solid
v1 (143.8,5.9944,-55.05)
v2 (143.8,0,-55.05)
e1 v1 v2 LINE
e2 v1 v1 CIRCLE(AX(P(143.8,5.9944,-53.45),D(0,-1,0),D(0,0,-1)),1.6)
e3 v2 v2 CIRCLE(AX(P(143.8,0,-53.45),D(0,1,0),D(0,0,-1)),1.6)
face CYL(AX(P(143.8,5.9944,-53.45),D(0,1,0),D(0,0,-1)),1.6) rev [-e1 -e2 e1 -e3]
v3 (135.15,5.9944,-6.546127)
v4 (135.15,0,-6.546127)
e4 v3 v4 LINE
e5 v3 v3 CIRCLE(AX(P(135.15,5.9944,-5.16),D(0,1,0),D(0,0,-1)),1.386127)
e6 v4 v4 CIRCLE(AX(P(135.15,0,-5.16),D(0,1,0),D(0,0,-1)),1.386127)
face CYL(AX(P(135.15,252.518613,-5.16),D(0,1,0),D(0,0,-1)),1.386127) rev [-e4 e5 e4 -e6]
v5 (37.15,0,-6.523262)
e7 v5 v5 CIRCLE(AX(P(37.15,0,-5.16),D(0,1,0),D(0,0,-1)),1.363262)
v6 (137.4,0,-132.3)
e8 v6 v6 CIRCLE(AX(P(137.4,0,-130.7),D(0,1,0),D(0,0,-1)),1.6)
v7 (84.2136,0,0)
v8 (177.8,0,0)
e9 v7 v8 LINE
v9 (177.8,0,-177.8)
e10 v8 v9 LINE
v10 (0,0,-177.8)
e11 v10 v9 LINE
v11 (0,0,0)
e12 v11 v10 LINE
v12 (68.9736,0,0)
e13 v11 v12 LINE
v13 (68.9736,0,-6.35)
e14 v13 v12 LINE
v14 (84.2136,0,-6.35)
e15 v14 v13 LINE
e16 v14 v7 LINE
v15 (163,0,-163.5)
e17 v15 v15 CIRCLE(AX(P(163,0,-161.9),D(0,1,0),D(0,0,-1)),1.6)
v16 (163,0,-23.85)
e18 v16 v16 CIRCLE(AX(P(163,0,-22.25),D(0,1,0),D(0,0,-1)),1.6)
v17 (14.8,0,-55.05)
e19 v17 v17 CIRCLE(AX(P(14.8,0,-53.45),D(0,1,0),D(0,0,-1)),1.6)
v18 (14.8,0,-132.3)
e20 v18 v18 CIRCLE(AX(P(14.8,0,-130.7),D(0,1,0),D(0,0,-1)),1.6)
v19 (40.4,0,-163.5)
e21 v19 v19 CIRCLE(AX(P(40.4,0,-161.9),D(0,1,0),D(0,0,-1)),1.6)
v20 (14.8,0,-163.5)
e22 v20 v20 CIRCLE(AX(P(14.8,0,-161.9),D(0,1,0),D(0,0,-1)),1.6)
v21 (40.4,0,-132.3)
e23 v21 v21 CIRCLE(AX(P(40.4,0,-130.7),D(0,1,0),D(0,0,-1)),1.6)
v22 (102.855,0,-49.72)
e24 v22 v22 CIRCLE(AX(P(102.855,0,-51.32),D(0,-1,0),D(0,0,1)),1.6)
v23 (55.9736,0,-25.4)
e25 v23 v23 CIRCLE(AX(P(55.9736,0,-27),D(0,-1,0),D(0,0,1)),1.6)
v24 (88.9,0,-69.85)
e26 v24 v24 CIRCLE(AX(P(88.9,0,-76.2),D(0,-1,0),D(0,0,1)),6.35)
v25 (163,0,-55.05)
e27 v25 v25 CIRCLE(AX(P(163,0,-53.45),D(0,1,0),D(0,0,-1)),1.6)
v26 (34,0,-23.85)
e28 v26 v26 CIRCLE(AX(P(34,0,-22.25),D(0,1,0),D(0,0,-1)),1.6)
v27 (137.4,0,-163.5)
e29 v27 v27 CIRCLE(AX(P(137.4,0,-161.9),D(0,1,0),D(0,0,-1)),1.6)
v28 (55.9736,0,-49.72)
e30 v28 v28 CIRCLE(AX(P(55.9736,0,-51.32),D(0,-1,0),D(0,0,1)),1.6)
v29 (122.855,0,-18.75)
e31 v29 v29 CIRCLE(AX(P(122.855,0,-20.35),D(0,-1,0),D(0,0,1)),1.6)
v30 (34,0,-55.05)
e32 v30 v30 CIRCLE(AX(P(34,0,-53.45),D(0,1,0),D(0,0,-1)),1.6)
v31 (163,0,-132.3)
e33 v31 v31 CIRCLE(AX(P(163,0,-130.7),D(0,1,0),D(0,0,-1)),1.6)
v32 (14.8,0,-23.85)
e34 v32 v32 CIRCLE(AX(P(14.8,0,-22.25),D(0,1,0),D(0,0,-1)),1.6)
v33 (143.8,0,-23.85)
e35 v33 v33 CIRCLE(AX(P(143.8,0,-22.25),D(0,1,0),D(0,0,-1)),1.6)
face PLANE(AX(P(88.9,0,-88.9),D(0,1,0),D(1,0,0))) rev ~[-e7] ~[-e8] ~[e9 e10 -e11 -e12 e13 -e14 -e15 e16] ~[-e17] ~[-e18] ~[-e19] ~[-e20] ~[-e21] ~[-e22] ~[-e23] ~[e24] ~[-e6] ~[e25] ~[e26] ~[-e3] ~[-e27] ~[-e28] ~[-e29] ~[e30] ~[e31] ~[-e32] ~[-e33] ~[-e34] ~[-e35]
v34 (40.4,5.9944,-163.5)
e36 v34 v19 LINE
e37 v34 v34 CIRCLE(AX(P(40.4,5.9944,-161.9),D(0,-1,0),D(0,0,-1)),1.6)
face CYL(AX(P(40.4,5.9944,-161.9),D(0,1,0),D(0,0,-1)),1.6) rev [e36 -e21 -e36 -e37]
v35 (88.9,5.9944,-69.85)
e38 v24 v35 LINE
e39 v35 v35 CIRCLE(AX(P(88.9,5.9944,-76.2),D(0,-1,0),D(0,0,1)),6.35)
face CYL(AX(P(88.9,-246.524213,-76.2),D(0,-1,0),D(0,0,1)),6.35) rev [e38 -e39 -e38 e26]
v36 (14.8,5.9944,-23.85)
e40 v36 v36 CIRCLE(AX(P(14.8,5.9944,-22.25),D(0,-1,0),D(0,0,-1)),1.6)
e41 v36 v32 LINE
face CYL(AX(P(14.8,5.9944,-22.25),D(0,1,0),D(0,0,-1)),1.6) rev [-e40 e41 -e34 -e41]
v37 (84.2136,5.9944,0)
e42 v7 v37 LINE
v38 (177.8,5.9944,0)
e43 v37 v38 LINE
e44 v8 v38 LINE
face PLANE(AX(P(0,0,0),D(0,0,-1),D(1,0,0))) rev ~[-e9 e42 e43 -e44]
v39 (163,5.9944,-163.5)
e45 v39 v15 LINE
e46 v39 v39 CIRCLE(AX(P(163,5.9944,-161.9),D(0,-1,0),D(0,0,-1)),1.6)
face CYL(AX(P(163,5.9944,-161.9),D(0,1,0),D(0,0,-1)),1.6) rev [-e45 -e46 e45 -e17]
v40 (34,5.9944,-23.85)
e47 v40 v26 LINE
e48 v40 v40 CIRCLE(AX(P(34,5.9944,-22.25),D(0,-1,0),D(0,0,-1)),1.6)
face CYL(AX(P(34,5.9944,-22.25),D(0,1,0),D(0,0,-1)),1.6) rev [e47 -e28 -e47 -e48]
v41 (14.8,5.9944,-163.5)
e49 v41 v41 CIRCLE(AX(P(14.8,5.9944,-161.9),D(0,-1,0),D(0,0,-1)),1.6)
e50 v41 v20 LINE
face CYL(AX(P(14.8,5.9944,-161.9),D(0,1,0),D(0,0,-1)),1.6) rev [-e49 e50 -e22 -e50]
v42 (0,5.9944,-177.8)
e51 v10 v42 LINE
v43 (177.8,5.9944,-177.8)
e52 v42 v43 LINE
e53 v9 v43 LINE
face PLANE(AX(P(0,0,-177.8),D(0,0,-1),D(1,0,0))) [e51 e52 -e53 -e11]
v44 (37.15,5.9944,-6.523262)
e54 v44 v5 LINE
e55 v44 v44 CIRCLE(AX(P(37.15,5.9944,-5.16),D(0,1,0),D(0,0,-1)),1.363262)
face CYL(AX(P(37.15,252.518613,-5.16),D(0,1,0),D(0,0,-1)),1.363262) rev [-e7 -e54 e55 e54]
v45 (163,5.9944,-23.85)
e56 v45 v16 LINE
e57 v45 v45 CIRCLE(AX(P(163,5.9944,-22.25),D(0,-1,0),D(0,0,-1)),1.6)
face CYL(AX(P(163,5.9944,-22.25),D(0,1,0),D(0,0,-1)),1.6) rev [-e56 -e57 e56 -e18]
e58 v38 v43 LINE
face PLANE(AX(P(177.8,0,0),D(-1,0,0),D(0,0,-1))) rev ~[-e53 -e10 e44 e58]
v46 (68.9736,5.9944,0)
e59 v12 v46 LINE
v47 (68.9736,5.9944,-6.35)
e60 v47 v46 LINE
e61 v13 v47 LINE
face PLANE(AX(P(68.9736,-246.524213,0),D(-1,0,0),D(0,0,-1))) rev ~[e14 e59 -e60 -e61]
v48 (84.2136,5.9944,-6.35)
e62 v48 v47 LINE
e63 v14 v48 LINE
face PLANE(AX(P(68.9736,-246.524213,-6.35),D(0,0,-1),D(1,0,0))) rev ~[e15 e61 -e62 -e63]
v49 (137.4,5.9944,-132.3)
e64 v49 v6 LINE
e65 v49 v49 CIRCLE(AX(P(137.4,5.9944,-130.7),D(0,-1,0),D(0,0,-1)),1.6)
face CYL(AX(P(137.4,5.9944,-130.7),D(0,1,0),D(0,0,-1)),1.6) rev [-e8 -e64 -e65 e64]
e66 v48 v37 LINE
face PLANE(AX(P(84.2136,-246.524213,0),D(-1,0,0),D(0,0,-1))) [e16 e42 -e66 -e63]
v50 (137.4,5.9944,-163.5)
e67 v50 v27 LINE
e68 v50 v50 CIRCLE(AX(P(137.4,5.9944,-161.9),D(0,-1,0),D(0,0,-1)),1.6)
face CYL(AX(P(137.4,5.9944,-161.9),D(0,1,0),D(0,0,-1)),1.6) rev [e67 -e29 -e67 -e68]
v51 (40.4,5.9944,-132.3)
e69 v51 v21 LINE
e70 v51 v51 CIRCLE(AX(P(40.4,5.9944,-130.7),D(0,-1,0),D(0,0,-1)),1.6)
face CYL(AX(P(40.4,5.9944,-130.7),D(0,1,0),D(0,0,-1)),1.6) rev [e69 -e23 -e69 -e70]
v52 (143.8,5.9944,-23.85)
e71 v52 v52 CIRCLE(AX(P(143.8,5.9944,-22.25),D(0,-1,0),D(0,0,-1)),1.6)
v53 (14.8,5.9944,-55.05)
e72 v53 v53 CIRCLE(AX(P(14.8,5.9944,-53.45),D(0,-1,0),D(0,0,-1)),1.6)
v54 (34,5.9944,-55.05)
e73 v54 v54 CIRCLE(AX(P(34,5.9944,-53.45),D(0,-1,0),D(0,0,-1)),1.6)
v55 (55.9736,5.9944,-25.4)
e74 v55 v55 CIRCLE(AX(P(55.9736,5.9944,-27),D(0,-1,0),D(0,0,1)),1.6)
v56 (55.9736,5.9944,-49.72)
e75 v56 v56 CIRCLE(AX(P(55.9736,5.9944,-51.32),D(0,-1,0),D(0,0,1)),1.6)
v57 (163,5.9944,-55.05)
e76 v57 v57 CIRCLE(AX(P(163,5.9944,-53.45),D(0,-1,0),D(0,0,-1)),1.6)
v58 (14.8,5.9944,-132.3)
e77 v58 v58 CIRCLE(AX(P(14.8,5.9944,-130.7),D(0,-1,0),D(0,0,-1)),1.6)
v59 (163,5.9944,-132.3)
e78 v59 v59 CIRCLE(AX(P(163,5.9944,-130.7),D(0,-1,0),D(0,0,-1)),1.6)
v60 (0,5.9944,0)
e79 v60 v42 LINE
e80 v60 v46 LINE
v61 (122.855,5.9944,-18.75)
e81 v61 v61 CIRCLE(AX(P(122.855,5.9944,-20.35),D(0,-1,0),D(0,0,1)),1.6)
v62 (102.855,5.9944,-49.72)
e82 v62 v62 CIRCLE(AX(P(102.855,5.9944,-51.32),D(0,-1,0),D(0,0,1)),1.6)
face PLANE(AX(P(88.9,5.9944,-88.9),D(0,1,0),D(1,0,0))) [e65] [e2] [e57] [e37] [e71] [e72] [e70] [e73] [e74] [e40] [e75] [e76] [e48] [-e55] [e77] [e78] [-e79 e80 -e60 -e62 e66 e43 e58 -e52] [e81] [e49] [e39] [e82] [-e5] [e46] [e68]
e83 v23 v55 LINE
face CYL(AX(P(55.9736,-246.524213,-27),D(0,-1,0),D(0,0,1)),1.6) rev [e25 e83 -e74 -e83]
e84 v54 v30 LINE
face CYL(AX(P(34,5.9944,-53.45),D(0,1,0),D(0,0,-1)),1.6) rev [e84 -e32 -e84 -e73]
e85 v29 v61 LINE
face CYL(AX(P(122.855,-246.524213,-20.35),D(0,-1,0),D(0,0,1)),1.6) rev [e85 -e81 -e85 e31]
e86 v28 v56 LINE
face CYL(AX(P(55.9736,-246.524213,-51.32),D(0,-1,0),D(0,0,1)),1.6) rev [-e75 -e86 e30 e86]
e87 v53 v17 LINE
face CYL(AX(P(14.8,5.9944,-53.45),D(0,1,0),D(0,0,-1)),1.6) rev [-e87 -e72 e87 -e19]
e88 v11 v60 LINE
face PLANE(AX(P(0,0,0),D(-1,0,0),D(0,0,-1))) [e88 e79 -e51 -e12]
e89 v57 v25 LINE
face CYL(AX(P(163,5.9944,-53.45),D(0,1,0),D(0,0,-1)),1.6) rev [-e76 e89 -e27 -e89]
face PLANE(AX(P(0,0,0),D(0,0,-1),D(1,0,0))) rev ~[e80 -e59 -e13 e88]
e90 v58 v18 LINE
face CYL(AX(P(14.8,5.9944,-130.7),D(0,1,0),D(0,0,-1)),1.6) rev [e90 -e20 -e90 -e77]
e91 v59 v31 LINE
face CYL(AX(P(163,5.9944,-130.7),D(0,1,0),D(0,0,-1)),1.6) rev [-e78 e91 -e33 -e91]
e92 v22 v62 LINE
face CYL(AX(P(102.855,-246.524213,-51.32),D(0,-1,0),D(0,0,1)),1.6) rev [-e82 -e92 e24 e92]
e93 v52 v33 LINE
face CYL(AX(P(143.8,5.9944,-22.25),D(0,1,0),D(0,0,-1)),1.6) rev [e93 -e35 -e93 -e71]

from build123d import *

# Parameters (mm, degrees)
SKETCH1_W               = 177.8
SKETCH1_H               = 177.8
BOSS_EXTRUDE1_DEPTH     = 5.9944
CUT_EXTRUDE1_DEPTH      = 252.51861329
CUT_EXTRUDE1_DEPTH_BACK = 5.9944
SKETCH5_R               = 1.6
CUT_EXTRUDE2_DEPTH      = 252.51861329
CUT_EXTRUDE2_DEPTH_BACK = 252.51861329
SKETCH6_W               = 15.24
SKETCH6_H               = 6.35
CUT_EXTRUDE3_DEPTH      = 252.51861329
CUT_EXTRUDE3_DEPTH_BACK = 252.51861329
SKETCH7_R               = 1.6
CUT_EXTRUDE4_DEPTH      = 252.51861329
CUT_EXTRUDE4_DEPTH_BACK = 252.51861329
SKETCH8_R               = 6.35
CUT_EXTRUDE5_DEPTH      = 252.51861329
CUT_EXTRUDE5_DEPTH_BACK = 252.51861329
SKETCH9_R               = 1.363261963
SKETCH9_R_2             = 1.386126721


with BuildPart() as part:
    # Sketch1 → Boss-Extrude1 (new body)
    with BuildSketch(Plane(origin=(0, 0, 0), x_dir=(1, 0, 0), z_dir=(0, 1, 0))):
        with Locations((88.9, 88.9)):
            Rectangle(SKETCH1_W, SKETCH1_H)
    extrude(amount=BOSS_EXTRUDE1_DEPTH)

    # Sketch5 → Cut-Extrude1 (cut, two sides: drawn at the far end of the back side and taken through both)
    with BuildSketch(Plane.XZ.offset(-CUT_EXTRUDE1_DEPTH_BACK)):
        with Locations(Location((163, -22.25, 0), (0, 0, 270))):
            Circle(SKETCH5_R)
        with Locations(Location((163, -53.45, 0), (0, 0, 270))):
            Circle(SKETCH5_R)
        with Locations(Location((143.8, -22.25, 0), (0, 0, 270))):
            Circle(SKETCH5_R)
        with Locations(Location((143.8, -53.45, 0), (0, 0, 270))):
            Circle(SKETCH5_R)
        with Locations(Location((14.8, -22.25, 0), (0, 0, 270))):
            Circle(SKETCH5_R)
        with Locations(Location((14.8, -53.45, 0), (0, 0, 270))):
            Circle(SKETCH5_R)
        with Locations(Location((40.4, -130.7, 0), (0, 0, 270))):
            Circle(SKETCH5_R)
        with Locations(Location((14.8, -130.7, 0), (0, 0, 270))):
            Circle(SKETCH5_R)
        with Locations(Location((14.8, -161.9, 0), (0, 0, 270))):
            Circle(SKETCH5_R)
        with Locations(Location((40.4, -161.9, 0), (0, 0, 270))):
            Circle(SKETCH5_R)
        with Locations(Location((163, -130.7, 0), (0, 0, 270))):
            Circle(SKETCH5_R)
        with Locations(Location((163, -161.9, 0), (0, 0, 270))):
            Circle(SKETCH5_R)
        with Locations(Location((137.4, -130.7, 0), (0, 0, 270))):
            Circle(SKETCH5_R)
        with Locations(Location((137.4, -161.9, 0), (0, 0, 270))):
            Circle(SKETCH5_R)
        with Locations(Location((34, -22.25, 0), (0, 0, 270))):
            Circle(SKETCH5_R)
        with Locations(Location((34, -53.45, 0), (0, 0, 270))):
            Circle(SKETCH5_R)
    extrude(amount=CUT_EXTRUDE1_DEPTH + CUT_EXTRUDE1_DEPTH_BACK, mode=Mode.SUBTRACT)

    # Sketch6 → Cut-Extrude2 (cut, two sides: drawn at the far end of the back side and taken through both)
    with BuildSketch(Plane(origin=(0, 5.9944, 0), x_dir=(1, 0, 0), z_dir=(0, 1, 0)).offset(-CUT_EXTRUDE2_DEPTH_BACK)):
        with Locations((76.5936, 3.175)):
            Rectangle(SKETCH6_W, SKETCH6_H)
    extrude(amount=CUT_EXTRUDE2_DEPTH + CUT_EXTRUDE2_DEPTH_BACK, mode=Mode.SUBTRACT)

    # Sketch7 → Cut-Extrude3 (cut, two sides: drawn at the far end of the back side and taken through both)
    with BuildSketch(Plane(origin=(0, 5.9944, 0), x_dir=(1, 0, 0), z_dir=(0, 1, 0)).offset(-CUT_EXTRUDE3_DEPTH_BACK)):
        with Locations(Location((55.9736, 51.32, 0), (0, 0, 270))):
            Circle(SKETCH7_R)
        with Locations(Location((102.855, 51.32, 0), (0, 0, 270))):
            Circle(SKETCH7_R)
        with Locations(Location((122.855, 20.35, 0), (0, 0, 270))):
            Circle(SKETCH7_R)
        with Locations(Location((55.9736, 27, 0), (0, 0, 270))):
            Circle(SKETCH7_R)
    extrude(amount=CUT_EXTRUDE3_DEPTH + CUT_EXTRUDE3_DEPTH_BACK, mode=Mode.SUBTRACT)

    # Sketch8 → Cut-Extrude4 (cut, two sides: drawn at the far end of the back side and taken through both)
    with BuildSketch(Plane(origin=(0, 5.9944, 0), x_dir=(1, 0, 0), z_dir=(0, 1, 0)).offset(-CUT_EXTRUDE4_DEPTH_BACK)):
        with Locations(Location((88.9, 76.2, 0), (0, 0, 270))):
            Circle(SKETCH8_R)
    extrude(amount=CUT_EXTRUDE4_DEPTH + CUT_EXTRUDE4_DEPTH_BACK, mode=Mode.SUBTRACT)

    # Sketch9 → Cut-Extrude5 (cut, two sides: drawn at the far end of the back side and taken through both)
    with BuildSketch(Plane(origin=(0, 0, 0), x_dir=(-1, 0, 0), z_dir=(0, -1, 0)).offset(-CUT_EXTRUDE5_DEPTH_BACK)):
        with Locations(Location((-37.15, 5.16, 0), (0, 0, 90))):
            Circle(SKETCH9_R)
        with Locations(Location((-135.15, 5.16, 0), (0, 0, 90))):
            Circle(SKETCH9_R_2)
    extrude(amount=CUT_EXTRUDE5_DEPTH + CUT_EXTRUDE5_DEPTH_BACK, mode=Mode.SUBTRACT)


solid = part.part
